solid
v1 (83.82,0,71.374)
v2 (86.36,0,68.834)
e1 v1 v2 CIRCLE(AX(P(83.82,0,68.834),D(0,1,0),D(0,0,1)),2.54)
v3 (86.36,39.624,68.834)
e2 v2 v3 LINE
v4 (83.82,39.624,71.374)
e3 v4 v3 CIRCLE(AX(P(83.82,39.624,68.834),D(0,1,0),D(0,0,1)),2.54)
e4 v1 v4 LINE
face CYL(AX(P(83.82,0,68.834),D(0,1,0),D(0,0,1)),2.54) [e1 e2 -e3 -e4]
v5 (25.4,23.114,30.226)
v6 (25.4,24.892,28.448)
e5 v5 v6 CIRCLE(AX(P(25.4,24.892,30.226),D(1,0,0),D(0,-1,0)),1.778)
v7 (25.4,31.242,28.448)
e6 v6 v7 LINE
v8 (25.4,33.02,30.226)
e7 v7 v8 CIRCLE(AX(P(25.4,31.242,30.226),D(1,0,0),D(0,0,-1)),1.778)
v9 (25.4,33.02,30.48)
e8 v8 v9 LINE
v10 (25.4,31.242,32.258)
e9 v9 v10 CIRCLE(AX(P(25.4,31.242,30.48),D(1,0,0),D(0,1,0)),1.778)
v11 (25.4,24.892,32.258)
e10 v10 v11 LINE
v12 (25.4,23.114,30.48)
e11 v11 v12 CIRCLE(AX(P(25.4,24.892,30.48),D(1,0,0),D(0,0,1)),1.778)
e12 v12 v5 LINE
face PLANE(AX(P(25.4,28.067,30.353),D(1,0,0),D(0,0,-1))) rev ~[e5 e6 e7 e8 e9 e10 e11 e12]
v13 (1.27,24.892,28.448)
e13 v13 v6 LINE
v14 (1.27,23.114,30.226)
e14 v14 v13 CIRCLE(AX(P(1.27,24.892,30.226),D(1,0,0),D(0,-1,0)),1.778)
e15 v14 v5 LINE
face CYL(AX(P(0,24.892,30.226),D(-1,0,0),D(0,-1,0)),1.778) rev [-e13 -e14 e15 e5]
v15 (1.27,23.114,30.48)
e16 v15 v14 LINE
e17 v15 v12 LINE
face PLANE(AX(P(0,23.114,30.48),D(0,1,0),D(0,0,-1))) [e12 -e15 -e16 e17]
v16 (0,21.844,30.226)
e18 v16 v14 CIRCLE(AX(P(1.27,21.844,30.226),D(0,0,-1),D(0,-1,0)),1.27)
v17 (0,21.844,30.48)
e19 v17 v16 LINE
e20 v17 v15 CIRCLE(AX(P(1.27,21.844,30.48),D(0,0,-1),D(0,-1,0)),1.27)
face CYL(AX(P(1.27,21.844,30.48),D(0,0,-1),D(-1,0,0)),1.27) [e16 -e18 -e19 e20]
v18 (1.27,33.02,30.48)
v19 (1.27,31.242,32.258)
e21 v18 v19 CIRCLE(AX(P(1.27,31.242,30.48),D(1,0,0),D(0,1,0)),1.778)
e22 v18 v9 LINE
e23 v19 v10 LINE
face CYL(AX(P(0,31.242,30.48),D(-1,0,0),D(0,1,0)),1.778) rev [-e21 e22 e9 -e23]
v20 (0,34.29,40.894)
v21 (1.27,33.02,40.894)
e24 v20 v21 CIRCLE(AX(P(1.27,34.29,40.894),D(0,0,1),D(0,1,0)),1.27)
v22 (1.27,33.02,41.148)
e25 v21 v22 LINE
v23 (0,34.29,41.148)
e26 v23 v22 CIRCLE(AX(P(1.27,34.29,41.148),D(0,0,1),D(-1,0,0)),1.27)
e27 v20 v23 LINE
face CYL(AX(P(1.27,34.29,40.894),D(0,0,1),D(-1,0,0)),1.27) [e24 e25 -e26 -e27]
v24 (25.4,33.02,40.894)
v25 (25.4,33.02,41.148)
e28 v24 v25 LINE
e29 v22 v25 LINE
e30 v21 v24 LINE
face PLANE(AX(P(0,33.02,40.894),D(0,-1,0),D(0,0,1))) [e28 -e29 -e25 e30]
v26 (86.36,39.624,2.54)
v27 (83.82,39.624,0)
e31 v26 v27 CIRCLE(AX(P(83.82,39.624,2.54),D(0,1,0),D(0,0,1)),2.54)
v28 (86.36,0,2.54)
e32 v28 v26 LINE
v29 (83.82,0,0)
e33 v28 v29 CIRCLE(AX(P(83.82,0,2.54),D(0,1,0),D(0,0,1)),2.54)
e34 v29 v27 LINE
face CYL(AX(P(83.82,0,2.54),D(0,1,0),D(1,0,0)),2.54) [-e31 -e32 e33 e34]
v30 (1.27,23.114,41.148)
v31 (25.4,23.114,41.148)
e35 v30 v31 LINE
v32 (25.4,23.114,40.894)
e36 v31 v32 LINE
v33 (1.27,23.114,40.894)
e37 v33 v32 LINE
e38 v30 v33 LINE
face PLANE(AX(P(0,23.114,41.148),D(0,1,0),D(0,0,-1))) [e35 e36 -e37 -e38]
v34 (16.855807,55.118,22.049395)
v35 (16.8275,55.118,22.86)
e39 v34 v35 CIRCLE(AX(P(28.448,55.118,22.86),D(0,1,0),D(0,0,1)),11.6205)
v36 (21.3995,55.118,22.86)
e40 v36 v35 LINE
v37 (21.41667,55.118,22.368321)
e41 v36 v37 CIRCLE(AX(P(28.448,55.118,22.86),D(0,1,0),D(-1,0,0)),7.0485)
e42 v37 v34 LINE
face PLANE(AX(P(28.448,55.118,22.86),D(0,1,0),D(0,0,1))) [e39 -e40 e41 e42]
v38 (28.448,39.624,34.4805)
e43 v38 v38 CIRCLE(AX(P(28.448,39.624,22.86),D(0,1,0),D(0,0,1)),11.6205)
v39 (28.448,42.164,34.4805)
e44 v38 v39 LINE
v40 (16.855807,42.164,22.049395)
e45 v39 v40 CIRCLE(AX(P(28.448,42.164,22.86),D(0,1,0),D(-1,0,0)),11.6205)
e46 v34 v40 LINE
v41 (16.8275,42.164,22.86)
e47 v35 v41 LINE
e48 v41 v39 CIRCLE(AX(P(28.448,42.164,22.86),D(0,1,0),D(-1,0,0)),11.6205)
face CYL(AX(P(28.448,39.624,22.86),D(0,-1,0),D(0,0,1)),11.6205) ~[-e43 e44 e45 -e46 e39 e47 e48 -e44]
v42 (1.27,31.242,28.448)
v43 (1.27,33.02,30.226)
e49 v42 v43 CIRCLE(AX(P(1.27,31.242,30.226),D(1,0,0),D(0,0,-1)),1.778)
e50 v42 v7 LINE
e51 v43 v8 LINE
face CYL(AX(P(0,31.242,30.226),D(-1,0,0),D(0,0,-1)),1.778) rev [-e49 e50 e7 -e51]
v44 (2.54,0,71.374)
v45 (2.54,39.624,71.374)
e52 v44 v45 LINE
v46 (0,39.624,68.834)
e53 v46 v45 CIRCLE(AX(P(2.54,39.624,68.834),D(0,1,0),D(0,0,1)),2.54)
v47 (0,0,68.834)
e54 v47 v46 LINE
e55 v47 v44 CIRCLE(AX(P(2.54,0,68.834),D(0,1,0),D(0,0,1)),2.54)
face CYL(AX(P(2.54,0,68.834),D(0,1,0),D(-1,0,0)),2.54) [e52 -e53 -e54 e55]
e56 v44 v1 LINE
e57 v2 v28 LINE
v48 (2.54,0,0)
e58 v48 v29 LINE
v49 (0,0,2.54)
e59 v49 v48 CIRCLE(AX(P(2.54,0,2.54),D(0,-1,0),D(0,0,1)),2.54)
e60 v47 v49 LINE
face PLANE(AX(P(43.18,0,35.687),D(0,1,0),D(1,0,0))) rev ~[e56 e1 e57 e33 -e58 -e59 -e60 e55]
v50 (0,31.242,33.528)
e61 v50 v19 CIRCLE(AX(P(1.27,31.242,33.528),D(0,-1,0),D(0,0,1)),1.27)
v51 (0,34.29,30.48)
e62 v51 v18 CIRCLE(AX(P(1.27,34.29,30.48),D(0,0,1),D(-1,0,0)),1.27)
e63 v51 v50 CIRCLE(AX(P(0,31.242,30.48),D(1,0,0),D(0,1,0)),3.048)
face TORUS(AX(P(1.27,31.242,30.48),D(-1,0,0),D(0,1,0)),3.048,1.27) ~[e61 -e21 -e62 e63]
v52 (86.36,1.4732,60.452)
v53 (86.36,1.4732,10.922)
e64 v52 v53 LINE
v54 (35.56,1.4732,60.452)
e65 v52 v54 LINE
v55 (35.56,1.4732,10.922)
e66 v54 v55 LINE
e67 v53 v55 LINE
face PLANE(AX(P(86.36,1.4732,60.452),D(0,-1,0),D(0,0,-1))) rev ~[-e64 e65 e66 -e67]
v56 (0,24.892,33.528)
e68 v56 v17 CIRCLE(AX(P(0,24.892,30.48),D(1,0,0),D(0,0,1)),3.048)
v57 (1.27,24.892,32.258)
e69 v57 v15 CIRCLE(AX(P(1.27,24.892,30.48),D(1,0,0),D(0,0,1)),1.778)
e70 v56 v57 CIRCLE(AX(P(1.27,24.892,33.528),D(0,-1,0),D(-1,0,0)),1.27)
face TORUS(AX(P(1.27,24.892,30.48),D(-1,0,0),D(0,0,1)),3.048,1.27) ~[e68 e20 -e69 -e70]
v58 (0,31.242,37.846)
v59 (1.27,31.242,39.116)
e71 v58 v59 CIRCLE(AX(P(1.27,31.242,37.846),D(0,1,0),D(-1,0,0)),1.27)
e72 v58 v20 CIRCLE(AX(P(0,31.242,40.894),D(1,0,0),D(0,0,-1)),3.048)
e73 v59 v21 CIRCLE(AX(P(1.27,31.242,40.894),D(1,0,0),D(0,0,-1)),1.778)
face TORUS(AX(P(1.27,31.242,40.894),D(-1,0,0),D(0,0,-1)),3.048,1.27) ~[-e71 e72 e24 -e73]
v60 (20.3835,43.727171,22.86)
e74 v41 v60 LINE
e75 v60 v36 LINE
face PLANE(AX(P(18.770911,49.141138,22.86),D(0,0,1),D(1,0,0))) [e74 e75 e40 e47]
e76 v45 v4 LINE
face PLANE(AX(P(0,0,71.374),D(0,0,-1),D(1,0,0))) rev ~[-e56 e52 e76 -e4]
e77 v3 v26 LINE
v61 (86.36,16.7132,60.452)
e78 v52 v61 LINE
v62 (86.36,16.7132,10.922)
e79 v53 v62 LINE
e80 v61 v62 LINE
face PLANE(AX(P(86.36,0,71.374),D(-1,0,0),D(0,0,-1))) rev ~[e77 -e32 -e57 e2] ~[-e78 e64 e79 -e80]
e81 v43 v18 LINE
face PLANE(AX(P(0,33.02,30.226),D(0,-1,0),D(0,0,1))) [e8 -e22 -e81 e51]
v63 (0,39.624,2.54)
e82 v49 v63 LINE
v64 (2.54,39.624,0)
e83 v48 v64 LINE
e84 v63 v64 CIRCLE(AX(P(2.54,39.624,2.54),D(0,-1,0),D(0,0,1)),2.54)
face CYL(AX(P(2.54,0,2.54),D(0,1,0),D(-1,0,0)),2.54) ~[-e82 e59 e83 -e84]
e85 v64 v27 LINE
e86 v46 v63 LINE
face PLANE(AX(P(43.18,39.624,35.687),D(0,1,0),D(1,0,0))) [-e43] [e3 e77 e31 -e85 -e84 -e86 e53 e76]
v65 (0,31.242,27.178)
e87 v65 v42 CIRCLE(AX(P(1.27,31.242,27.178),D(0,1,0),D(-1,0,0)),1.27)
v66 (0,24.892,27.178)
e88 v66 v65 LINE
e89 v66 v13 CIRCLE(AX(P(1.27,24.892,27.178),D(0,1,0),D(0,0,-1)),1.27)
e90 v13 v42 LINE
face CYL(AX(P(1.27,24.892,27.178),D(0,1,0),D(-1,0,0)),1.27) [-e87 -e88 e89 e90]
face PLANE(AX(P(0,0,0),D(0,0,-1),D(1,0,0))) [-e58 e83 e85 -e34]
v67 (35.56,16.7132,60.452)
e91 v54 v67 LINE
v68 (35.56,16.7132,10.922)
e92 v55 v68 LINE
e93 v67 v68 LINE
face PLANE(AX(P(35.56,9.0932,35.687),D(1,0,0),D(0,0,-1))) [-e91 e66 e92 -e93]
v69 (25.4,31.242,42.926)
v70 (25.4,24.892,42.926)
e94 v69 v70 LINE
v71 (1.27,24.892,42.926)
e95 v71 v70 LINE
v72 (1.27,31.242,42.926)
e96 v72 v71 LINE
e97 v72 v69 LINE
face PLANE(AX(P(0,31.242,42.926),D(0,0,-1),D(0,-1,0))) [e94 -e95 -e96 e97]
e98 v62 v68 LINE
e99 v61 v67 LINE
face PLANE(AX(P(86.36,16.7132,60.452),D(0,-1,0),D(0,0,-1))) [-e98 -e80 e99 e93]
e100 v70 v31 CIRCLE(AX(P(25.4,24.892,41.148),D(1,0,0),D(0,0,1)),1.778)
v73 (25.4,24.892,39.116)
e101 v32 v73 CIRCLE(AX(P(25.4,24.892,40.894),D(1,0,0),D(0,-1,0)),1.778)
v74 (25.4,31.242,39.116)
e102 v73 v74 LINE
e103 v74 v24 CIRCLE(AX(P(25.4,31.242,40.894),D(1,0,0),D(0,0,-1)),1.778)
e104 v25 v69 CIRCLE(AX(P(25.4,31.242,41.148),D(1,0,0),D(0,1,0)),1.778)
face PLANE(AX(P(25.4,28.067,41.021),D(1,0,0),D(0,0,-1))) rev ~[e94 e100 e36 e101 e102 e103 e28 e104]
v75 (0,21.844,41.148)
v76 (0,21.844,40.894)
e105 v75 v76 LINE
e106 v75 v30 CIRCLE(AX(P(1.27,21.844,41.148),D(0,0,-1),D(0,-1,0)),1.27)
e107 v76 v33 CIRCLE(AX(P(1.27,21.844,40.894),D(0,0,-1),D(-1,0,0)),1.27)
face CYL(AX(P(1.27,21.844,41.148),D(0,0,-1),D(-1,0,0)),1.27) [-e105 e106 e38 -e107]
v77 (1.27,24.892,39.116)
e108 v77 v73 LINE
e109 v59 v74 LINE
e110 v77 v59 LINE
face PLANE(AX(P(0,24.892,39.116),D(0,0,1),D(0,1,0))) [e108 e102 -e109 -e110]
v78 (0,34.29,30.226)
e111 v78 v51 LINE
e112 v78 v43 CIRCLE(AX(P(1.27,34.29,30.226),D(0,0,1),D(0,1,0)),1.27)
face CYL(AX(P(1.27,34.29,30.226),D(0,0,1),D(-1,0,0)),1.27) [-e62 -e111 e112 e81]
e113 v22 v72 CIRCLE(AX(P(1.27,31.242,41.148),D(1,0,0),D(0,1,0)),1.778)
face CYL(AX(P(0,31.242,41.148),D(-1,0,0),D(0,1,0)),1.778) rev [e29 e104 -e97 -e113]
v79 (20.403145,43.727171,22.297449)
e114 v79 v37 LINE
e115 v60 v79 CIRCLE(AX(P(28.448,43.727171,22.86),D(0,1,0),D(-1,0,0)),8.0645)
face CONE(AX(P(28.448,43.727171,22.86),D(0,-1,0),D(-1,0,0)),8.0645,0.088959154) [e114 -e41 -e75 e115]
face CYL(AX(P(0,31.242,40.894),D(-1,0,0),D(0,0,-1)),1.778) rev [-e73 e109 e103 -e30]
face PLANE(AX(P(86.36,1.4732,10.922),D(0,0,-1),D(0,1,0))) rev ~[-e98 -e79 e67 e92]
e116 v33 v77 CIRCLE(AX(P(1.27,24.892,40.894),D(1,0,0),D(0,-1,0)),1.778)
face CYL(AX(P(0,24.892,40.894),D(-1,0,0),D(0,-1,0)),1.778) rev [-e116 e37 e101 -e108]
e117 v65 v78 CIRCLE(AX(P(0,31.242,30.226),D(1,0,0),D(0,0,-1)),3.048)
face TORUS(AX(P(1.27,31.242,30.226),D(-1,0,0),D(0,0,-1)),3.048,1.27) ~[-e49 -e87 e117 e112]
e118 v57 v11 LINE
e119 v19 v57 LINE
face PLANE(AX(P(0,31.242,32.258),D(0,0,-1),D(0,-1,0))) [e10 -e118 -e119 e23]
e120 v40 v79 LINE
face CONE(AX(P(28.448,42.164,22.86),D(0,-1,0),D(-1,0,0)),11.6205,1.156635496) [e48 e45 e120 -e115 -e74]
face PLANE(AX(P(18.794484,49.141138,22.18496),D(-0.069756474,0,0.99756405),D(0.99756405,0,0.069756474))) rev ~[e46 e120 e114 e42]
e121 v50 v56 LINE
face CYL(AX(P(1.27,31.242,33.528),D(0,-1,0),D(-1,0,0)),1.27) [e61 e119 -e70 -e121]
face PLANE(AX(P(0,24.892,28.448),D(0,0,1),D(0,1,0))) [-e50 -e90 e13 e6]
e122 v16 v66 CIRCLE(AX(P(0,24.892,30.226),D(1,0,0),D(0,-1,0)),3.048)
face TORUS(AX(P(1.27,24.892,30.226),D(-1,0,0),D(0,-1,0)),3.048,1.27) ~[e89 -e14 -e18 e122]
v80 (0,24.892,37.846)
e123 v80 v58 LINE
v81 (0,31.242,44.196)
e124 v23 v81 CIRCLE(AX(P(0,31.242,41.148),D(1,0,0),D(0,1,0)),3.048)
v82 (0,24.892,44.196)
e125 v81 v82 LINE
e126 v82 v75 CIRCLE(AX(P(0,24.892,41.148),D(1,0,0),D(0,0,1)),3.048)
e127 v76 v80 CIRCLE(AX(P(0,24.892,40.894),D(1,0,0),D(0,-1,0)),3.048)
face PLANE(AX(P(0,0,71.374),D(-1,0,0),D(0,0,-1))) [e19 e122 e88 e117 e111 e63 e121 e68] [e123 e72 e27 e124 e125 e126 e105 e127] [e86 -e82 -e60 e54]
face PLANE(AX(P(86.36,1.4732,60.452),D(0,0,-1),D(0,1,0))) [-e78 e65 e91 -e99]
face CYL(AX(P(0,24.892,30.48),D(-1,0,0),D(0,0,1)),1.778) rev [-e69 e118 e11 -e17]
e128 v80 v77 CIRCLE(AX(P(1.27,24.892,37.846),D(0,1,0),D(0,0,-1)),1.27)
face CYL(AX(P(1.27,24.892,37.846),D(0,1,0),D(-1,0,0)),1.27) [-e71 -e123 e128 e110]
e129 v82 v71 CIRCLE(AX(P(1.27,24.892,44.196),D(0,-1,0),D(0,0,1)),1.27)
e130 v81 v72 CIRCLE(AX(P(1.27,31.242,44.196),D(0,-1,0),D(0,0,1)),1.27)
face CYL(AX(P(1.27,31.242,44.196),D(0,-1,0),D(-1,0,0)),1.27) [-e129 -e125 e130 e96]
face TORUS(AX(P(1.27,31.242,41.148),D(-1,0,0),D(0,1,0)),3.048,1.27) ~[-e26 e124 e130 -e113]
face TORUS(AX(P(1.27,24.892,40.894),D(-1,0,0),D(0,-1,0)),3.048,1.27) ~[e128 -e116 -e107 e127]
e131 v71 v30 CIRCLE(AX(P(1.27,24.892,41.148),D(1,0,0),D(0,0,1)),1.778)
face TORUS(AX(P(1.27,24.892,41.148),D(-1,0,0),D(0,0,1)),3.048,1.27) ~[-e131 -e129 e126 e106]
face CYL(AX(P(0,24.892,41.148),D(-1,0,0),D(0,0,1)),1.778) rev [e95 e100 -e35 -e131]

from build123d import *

# Parameters (mm, degrees)
SKETCH1_W           = 86.36
SKETCH1_H           = 71.374
BOSS_EXTRUDE1_DEPTH = 39.624
FILLET1_R           = 2.54
CUT_EXTRUDE1_DEPTH  = 25.4
FILLET2_R           = 1.27
SKETCH4_W           = 49.53
SKETCH4_H           = 15.24
CUT_EXTRUDE2_DEPTH  = 50.8
SKETCH5_R           = 11.6205
BOSS_EXTRUDE2_DEPTH = 15.494
CUT_REVOLVE1_ANGLE  = 356


with BuildPart() as part:
    # Sketch1 → Boss-Extrude1 (new body)
    with BuildSketch(Plane(origin=(0, 0, 0), x_dir=(1, 0, 0), z_dir=(0, 1, 0))):
        with Locations((43.18, -35.687)):
            Rectangle(SKETCH1_W, SKETCH1_H)
    extrude(amount=BOSS_EXTRUDE1_DEPTH)

    # Fillet1
    fillet1_edges = [part.edges().sort_by_distance(p)[0] for p in [
        (0, 19.812, 0),
        (86.36, 19.812, 0),
        (86.36, 19.812, 71.374),
        (0, 19.812, 71.374),
    ]]
    fillet(fillet1_edges, radius=FILLET1_R)

    # Sketch2 → Cut-Extrude1 (cut)
    with BuildSketch(Plane.ZY):
        with BuildLine():
            Line((30.226, 33.02), (30.48, 33.02))
            ThreePointArc((30.48, 33.02), (31.737235857, 32.499235857), (32.258, 31.242))
            Line((32.258, 31.242), (32.258, 24.892))
            ThreePointArc((32.258, 24.892), (31.737235857, 23.634764143), (30.48, 23.114))
            Line((30.48, 23.114), (30.226, 23.114))
            ThreePointArc((30.226, 23.114), (28.968764143, 23.634764143), (28.448, 24.892))
            Line((28.448, 24.892), (28.448, 31.242))
            ThreePointArc((28.448, 31.242), (28.968764143, 32.499235857), (30.226, 33.02))
        make_face()
        with BuildLine():
            Line((41.148, 23.114), (40.894, 23.114))
            ThreePointArc((40.894, 23.114), (39.636764143, 23.634764143), (39.116, 24.892))
            Line((39.116, 24.892), (39.116, 31.242))
            ThreePointArc((39.116, 31.242), (39.636764143, 32.499235857), (40.894, 33.02))
            Line((40.894, 33.02), (41.148, 33.02))
            ThreePointArc((41.148, 33.02), (42.405235857, 32.499235857), (42.926, 31.242))
            Line((42.926, 31.242), (42.926, 24.892))
            ThreePointArc((42.926, 24.892), (42.405235857, 23.634764143), (41.148, 23.114))
        make_face()
    extrude(amount=-CUT_EXTRUDE1_DEPTH, mode=Mode.SUBTRACT)

    # Fillet2
    fillet2_edges = [part.edges().sort_by_distance(p)[0] for p in [
        (0, 23.634764143, 28.968764143),
        (0, 23.114, 30.353),
        (0, 23.634764143, 31.737235857),
        (0, 28.067, 32.258),
        (0, 32.499235857, 31.737235857),
        (0, 33.02, 30.353),
        (0, 32.499235857, 28.968764143),
        (0, 28.067, 28.448),
        (0, 23.634764143, 42.405235857),
        (0, 28.067, 42.926),
        (0, 32.499235857, 42.405235857),
        (0, 33.02, 41.021),
        (0, 32.499235857, 39.636764143),
        (0, 28.067, 39.116),
        (0, 23.634764143, 39.636764143),
        (0, 23.114, 41.021),
    ]]
    fillet(fillet2_edges, radius=FILLET2_R)

    # Sketch4 → Cut-Extrude2 (cut)
    with BuildSketch(Plane(origin=(86.36, 0, 0), x_dir=(0, 0, -1), z_dir=(1, 0, 0))):
        with Locations((-35.687, 9.0932)):
            Rectangle(SKETCH4_W, SKETCH4_H)
    extrude(amount=-CUT_EXTRUDE2_DEPTH, mode=Mode.SUBTRACT)

    # Sketch5 → Boss-Extrude2 (add)
    with BuildSketch(Plane(origin=(0, 39.624, 0), x_dir=(1, 0, 0), z_dir=(0, 1, 0))):
        with Locations(Location((28.448, -22.86, 0), (0, 0, 270))):
            Circle(SKETCH5_R)
    extrude(amount=BOSS_EXTRUDE2_DEPTH)

    # Sketch7 → Cut-Revolve1 (revolve, cut)
    with BuildSketch(Plane(origin=(0, 0, 22.86), x_dir=(-1, 0, 0), z_dir=(0, 0, -1))):
        Polygon((-16.8275, 42.164), (-20.3835, 43.727171461), (-21.3995, 55.118), (-16.8275, 55.118), align=None)
    revolve(axis=Axis((28.448, 55.118, 22.86), (0, 1, 0)), revolution_arc=CUT_REVOLVE1_ANGLE, mode=Mode.SUBTRACT)


solid = part.part
